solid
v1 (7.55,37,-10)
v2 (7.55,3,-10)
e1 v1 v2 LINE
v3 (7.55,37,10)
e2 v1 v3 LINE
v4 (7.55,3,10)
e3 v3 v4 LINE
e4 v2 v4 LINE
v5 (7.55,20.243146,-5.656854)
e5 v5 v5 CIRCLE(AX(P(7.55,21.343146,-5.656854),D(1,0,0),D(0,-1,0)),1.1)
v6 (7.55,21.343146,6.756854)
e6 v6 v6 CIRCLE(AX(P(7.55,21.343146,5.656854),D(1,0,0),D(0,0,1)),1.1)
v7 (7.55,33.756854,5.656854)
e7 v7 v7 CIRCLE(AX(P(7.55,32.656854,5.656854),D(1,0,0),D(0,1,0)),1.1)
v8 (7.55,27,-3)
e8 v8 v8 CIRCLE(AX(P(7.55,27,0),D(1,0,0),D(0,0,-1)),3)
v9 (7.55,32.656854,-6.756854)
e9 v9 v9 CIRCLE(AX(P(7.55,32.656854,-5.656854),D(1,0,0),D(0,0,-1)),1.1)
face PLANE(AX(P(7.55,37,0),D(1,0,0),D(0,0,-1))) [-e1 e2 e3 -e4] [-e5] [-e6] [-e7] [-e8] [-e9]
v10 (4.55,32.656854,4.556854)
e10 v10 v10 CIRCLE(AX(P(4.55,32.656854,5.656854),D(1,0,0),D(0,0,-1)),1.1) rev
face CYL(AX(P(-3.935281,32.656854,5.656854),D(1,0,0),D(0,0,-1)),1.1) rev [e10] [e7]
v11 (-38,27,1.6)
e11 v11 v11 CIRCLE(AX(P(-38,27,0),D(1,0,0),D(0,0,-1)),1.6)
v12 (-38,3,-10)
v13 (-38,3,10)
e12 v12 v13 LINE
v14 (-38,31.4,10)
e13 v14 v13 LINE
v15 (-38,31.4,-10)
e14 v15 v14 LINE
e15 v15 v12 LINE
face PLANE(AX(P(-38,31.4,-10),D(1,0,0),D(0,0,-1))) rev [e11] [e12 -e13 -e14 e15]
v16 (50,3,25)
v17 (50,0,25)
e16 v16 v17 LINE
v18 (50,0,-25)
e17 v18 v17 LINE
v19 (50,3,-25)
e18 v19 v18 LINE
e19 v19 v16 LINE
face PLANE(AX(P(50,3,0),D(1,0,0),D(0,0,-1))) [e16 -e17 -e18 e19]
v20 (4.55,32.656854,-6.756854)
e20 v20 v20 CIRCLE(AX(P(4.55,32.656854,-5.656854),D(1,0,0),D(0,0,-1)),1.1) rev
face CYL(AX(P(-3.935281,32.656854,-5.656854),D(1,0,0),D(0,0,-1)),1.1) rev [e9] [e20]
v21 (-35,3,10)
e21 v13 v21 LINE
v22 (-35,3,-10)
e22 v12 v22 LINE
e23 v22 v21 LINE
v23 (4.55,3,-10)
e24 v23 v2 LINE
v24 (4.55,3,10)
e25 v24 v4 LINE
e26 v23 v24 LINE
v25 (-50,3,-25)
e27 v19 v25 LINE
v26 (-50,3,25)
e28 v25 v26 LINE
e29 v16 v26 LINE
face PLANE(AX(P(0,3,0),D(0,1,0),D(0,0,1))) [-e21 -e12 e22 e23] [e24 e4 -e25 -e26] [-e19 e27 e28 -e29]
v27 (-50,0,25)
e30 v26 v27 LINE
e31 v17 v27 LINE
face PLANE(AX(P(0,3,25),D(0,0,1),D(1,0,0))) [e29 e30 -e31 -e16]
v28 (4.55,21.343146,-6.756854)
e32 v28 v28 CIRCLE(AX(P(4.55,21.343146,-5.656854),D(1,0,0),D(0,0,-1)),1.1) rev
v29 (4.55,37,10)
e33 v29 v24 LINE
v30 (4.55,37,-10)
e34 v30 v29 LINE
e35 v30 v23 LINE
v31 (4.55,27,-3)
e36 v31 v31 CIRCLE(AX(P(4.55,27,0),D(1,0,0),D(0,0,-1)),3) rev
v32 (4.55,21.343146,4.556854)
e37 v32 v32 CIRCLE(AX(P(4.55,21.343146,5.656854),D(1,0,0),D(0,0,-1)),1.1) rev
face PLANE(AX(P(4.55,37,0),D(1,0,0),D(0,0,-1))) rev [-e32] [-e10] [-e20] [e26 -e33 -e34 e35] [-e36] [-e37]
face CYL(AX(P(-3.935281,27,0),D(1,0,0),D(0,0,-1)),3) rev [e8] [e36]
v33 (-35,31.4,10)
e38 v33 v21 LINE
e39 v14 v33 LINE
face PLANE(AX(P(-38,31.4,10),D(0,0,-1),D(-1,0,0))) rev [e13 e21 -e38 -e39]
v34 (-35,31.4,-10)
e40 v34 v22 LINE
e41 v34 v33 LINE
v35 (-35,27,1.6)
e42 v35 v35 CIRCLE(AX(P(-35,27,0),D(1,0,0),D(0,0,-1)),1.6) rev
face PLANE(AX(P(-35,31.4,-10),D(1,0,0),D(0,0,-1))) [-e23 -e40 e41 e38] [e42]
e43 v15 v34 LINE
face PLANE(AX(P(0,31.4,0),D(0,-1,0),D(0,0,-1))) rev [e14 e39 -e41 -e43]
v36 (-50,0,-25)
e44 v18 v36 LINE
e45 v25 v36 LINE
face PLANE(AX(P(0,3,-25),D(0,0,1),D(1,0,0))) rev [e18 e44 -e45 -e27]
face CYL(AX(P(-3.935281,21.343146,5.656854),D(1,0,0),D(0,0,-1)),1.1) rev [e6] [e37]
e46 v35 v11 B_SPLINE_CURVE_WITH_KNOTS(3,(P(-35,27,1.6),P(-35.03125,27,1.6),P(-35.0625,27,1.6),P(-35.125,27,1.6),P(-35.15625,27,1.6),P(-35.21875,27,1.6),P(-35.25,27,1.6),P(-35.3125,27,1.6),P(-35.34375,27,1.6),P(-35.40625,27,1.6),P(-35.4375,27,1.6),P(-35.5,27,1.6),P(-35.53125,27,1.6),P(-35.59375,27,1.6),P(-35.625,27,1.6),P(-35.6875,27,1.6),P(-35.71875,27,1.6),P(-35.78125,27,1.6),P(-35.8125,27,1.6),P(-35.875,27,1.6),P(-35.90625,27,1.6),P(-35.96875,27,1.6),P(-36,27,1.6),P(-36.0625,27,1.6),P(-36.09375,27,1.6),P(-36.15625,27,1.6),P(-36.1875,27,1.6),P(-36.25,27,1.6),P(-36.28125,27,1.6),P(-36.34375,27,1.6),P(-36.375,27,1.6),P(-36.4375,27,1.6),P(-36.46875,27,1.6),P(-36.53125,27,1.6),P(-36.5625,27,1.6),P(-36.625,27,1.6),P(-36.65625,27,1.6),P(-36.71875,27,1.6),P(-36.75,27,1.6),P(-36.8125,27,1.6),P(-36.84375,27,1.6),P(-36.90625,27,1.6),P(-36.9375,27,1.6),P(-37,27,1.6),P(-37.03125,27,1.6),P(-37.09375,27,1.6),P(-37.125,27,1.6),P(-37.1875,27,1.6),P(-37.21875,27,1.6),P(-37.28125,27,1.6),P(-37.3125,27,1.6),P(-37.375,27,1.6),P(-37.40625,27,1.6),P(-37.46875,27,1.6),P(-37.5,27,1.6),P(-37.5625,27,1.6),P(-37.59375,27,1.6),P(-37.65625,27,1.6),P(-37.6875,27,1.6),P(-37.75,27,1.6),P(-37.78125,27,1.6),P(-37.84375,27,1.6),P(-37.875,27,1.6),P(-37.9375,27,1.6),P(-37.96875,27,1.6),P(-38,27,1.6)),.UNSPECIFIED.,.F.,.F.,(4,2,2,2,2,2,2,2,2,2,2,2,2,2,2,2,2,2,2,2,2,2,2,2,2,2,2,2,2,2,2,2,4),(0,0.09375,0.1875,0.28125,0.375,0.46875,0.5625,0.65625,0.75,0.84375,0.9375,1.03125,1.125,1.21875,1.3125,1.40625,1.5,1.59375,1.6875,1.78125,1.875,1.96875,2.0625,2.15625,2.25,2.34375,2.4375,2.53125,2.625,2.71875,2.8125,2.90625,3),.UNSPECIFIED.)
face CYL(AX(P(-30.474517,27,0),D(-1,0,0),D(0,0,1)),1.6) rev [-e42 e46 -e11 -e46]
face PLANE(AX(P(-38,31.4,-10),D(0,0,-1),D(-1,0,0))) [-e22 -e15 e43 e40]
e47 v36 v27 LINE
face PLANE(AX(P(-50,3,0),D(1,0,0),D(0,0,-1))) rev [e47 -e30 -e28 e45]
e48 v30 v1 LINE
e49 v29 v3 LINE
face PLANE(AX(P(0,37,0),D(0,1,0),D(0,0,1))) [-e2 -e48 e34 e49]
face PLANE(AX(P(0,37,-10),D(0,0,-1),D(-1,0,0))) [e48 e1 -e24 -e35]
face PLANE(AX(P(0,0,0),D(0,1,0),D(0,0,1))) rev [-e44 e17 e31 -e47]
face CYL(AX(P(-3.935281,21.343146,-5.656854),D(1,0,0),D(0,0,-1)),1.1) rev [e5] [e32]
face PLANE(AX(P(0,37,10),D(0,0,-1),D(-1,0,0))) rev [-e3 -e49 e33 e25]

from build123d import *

# Parameters (mm, degrees)
SKETCH1_W           = 100
SKETCH1_H           = 50
SKETCH1_W_2         = 3
SKETCH1_H_2         = 20
BOSS_EXTRUDE1_DEPTH = 3
SKETCH1_3_W         = 3
SKETCH1_3_H         = 20
BOSS_EXTRUDE2_DEPTH = 37
SKETCH1_4_W         = 3
SKETCH1_4_H         = 20
BOSS_EXTRUDE3_DEPTH = 31.4
SKETCH2_R           = 3
SKETCH2_R_2         = 1.1
CUT_EXTRUDE1_DEPTH  = 3
CIRPATTERN1_COUNT   = 4
SKETCH3_R           = 1.6
CUT_EXTRUDE2_DEPTH  = 15


with BuildPart() as part:
    # Sketch1 → Boss-Extrude1 (new body)
    with BuildSketch(Plane(origin=(0, 0, 0), x_dir=(1, 0, 0), z_dir=(0, 1, 0))):
        Rectangle(SKETCH1_W, SKETCH1_H)
        with Locations((-36.5, 0)):
            Rectangle(SKETCH1_W_2, SKETCH1_H_2, mode=Mode.SUBTRACT)
        with Locations((6.05, 0)):
            Rectangle(SKETCH1_W_2, SKETCH1_H_2, mode=Mode.SUBTRACT)
    extrude(amount=BOSS_EXTRUDE1_DEPTH)

    # Sketch1<3> → Boss-Extrude2 (add)
    with BuildSketch(Plane(origin=(0, 0, 0), x_dir=(1, 0, 0), z_dir=(0, 1, 0))):
        with Locations((6.05, 0)):
            Rectangle(SKETCH1_3_W, SKETCH1_3_H)
    extrude(amount=BOSS_EXTRUDE2_DEPTH)

    # Sketch1<4> → Boss-Extrude3 (add)
    with BuildSketch(Plane(origin=(0, 0, 0), x_dir=(1, 0, 0), z_dir=(0, 1, 0))):
        with Locations((-36.5, 0)):
            Rectangle(SKETCH1_4_W, SKETCH1_4_H)
    extrude(amount=BOSS_EXTRUDE3_DEPTH)

    # Sketch2 → Cut-Extrude1 (cut)
    with BuildSketch(Plane(origin=(7.55, 0, 0), x_dir=(0, 0, -1), z_dir=(1, 0, 0))):
        with Locations((0, 27)):
            Circle(SKETCH2_R)
        with Locations((5.656854249, 32.656854249)):
            Circle(SKETCH2_R_2)
    cut_extrude1 = extrude(amount=-CUT_EXTRUDE1_DEPTH, mode=Mode.SUBTRACT)

    # CirPattern1: Cut-Extrude1 ×4 about axis
    cirpattern1_axis = Axis((0, 27, 0), (1, 0, 0))
    for i in range(1, CIRPATTERN1_COUNT):
        add(cut_extrude1.rotate(cirpattern1_axis, i * 360 / CIRPATTERN1_COUNT), mode=Mode.SUBTRACT)

    # Sketch3 → Cut-Extrude2 (cut)
    with BuildSketch(Plane.ZY.offset(50)):
        with Locations((0, 27)):
            Circle(SKETCH3_R)
    extrude(amount=-CUT_EXTRUDE2_DEPTH, mode=Mode.SUBTRACT)


solid = part.part
